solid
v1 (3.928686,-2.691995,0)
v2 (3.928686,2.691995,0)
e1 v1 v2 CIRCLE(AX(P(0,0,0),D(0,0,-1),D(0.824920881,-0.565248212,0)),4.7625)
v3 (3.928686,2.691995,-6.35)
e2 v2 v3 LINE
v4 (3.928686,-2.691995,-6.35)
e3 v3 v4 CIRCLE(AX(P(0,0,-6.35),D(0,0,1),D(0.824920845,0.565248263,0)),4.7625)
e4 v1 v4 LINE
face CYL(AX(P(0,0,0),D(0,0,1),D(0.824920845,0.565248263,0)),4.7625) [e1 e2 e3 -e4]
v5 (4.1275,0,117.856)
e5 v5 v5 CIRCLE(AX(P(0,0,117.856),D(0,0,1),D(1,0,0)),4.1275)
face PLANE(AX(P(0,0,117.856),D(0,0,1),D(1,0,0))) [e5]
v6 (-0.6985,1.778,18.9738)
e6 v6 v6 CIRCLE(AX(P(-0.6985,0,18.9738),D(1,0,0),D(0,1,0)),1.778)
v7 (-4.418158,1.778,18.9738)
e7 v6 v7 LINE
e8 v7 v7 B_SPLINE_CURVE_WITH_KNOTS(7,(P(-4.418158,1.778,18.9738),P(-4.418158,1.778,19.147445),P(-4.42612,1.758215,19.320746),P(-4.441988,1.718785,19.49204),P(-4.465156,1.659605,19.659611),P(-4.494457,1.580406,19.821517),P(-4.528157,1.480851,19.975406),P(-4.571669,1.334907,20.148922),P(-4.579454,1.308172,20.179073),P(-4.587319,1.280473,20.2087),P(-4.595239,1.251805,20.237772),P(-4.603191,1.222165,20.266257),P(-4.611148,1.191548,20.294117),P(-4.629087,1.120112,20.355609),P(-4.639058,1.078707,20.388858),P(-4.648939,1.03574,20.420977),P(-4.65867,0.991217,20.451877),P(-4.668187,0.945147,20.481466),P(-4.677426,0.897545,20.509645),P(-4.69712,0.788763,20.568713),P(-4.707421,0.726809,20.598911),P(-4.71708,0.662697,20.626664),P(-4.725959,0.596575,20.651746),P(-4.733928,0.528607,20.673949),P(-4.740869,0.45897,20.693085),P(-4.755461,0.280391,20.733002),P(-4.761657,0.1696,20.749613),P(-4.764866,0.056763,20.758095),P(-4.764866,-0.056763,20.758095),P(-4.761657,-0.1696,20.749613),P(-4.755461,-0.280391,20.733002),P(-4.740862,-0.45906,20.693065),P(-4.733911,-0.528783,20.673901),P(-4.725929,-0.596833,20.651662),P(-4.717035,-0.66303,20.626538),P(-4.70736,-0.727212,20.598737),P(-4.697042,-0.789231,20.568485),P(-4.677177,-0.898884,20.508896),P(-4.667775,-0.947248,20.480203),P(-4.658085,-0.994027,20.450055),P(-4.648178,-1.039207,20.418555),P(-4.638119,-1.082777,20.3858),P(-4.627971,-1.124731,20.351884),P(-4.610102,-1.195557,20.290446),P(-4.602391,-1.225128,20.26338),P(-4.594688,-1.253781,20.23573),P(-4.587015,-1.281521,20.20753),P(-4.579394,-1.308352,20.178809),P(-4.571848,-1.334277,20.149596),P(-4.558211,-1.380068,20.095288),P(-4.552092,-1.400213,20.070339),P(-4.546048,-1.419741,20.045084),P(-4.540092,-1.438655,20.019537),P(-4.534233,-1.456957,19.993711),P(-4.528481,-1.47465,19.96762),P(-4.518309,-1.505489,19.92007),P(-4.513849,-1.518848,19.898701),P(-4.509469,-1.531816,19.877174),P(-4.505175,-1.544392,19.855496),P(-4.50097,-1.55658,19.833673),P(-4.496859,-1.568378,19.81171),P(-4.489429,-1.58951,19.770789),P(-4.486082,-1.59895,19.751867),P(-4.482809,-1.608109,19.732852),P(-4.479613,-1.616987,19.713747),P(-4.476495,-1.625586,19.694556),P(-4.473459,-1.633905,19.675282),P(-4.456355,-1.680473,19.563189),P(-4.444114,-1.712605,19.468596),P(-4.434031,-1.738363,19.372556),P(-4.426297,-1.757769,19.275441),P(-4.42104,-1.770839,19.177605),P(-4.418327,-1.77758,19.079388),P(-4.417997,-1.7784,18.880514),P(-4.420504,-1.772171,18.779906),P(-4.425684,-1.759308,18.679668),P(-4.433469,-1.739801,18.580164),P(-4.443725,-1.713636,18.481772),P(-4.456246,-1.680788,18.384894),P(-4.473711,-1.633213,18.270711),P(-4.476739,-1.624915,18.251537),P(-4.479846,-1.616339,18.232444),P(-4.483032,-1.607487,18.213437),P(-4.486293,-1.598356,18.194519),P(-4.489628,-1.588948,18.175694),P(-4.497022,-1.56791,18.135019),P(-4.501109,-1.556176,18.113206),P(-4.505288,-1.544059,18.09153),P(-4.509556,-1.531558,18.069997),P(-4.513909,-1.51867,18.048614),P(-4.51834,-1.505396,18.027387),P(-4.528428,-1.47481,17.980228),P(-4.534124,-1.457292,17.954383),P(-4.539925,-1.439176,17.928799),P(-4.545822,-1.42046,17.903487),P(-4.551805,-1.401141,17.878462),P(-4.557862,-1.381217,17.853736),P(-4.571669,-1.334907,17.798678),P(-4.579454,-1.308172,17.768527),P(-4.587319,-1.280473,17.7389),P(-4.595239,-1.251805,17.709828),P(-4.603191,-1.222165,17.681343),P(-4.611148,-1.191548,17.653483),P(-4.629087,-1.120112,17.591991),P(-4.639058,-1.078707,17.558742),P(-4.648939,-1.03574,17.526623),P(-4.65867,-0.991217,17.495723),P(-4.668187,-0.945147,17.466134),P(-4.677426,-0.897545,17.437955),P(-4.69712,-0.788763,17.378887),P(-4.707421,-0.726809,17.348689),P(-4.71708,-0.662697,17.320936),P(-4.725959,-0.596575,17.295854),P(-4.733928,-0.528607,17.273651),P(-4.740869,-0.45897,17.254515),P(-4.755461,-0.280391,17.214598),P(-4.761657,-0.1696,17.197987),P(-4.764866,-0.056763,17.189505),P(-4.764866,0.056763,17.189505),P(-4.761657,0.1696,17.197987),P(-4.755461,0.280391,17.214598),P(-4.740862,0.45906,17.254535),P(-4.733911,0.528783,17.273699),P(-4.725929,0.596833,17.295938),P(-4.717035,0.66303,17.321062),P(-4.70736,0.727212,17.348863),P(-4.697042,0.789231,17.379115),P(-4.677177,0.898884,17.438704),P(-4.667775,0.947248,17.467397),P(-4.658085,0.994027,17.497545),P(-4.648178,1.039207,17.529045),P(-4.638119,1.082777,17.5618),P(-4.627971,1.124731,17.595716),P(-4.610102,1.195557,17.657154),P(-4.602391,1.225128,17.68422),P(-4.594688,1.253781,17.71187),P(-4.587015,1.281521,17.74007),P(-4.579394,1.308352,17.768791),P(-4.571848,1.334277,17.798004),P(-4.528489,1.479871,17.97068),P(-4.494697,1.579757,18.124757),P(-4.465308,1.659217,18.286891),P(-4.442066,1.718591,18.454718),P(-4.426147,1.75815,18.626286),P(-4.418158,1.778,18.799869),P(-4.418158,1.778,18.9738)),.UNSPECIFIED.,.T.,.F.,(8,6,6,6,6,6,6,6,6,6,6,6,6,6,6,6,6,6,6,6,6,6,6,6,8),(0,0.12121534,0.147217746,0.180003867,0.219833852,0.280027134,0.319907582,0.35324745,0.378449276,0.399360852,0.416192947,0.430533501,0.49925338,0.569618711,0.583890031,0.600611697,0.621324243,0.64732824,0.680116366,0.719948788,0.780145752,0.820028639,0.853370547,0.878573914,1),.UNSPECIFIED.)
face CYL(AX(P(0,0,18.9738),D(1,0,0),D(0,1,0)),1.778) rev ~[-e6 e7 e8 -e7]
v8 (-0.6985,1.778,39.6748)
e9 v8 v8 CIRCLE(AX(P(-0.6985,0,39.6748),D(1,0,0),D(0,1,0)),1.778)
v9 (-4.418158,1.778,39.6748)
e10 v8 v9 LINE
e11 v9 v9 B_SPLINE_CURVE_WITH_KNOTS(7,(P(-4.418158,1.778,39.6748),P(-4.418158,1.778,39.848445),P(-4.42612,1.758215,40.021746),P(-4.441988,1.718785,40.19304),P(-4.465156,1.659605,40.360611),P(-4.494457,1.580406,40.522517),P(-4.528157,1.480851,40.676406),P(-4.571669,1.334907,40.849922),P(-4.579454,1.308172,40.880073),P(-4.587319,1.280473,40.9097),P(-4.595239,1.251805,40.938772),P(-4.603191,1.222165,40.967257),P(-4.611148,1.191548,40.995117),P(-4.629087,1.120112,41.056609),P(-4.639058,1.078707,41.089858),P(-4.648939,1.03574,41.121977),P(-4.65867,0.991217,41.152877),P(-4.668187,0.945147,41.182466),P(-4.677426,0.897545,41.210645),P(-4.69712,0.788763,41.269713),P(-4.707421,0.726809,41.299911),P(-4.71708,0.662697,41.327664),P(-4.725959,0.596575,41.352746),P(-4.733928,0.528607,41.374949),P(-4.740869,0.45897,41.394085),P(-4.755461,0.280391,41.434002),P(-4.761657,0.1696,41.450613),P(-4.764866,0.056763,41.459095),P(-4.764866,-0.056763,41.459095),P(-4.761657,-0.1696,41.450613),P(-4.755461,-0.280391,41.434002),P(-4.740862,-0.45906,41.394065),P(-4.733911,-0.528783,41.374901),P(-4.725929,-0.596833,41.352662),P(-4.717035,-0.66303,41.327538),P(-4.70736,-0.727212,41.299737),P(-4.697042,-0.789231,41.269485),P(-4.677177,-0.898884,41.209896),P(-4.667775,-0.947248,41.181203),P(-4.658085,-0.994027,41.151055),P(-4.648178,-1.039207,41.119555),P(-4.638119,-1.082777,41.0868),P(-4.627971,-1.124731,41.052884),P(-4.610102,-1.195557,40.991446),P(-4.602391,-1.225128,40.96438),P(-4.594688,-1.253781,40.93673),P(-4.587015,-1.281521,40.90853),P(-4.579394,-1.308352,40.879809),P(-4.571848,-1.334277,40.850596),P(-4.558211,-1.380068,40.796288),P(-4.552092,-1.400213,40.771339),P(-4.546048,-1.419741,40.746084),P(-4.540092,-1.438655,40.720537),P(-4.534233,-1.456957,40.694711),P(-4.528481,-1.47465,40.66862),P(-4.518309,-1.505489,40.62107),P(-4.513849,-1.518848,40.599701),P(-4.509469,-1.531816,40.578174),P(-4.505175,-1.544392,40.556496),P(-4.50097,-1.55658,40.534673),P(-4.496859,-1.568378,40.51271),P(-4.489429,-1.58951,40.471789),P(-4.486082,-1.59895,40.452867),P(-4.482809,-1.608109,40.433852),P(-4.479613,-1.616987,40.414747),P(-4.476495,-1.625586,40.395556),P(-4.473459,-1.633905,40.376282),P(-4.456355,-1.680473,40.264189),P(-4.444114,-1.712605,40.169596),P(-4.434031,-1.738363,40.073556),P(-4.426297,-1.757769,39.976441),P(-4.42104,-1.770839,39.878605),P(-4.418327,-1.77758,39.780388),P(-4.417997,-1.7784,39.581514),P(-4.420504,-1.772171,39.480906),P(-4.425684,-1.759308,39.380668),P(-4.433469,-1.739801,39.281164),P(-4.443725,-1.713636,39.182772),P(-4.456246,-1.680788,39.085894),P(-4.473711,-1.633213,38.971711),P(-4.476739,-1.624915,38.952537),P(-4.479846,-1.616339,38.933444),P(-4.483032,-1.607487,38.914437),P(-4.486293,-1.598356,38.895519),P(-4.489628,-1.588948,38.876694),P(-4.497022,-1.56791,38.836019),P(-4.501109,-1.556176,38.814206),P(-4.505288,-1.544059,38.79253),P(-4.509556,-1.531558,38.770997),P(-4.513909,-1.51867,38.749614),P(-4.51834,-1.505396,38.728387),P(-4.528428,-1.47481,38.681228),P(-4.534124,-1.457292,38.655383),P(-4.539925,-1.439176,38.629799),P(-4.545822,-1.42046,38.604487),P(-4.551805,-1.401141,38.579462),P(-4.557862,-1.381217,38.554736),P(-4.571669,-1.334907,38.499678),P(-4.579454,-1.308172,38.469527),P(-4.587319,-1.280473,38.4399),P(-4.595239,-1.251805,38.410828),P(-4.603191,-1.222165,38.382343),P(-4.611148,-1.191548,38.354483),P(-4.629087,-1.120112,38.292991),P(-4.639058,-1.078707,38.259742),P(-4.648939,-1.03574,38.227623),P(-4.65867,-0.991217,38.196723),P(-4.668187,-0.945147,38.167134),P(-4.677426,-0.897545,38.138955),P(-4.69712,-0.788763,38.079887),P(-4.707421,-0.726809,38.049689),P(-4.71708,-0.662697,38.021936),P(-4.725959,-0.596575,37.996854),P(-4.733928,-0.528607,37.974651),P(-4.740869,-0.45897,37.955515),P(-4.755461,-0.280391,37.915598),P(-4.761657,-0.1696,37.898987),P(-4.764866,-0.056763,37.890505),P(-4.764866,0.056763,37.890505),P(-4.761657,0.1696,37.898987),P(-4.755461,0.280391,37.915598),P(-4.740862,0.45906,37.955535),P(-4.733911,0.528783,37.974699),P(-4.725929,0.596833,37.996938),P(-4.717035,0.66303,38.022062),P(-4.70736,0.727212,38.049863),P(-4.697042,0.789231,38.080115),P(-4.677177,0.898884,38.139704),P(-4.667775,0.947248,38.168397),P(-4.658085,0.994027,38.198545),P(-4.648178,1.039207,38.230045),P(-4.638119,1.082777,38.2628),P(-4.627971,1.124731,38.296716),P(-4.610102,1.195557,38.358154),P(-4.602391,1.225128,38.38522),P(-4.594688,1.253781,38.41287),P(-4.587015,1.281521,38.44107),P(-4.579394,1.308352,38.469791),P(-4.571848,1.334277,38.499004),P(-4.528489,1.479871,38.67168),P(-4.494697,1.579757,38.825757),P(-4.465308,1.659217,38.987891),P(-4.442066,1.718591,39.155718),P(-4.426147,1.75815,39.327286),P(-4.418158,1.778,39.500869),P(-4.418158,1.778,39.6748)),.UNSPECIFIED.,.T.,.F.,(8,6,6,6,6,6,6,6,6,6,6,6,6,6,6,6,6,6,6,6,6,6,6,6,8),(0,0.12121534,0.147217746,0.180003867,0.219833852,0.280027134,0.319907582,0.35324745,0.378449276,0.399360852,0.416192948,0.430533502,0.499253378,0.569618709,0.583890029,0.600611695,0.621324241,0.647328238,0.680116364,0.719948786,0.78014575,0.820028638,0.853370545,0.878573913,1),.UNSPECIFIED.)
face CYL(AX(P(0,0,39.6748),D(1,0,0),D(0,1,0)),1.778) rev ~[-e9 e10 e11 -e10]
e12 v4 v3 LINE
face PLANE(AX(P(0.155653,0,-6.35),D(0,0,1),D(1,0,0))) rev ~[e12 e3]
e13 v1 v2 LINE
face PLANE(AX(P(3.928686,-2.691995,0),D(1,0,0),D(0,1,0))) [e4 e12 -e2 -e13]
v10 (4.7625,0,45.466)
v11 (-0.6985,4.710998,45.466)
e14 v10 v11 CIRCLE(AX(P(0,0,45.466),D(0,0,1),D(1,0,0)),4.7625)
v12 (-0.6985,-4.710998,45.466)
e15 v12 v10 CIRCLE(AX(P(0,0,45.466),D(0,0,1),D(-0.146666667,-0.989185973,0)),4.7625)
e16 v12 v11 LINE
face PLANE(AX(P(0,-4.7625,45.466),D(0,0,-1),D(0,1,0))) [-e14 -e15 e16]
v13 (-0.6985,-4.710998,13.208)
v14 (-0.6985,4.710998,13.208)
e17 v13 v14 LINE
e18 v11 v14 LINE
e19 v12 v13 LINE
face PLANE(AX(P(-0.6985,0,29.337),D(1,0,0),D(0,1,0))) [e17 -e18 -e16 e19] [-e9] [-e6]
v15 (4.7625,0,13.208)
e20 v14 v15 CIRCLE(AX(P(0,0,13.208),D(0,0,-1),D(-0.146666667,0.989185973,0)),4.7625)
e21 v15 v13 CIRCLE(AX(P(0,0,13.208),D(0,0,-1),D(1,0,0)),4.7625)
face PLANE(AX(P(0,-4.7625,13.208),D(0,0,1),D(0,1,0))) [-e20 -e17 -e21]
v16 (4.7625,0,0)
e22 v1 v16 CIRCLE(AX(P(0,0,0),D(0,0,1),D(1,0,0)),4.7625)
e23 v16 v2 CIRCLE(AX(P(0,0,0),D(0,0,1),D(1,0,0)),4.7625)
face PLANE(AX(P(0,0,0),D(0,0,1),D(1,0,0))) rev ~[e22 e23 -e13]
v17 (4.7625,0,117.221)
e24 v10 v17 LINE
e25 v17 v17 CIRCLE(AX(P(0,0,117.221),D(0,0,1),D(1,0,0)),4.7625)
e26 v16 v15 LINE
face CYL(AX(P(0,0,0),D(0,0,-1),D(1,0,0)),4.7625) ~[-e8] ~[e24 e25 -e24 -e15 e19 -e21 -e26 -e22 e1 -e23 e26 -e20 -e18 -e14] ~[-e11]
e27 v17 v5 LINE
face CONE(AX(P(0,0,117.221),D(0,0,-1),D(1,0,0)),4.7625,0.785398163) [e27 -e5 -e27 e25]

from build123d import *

# Parameters (mm, degrees)
F0_R     = 4.7625
F1_DEPTH = 117.856
F2_W     = 9.525
F2_H     = 32.258
F3_DEPTH = 25.4
F4_DEPTH = 0.6985
F5_R     = 1.778
F6_DEPTH = 25.4
F8_DEPTH = 6.35
F9_SIZE  = 0.635


with BuildPart() as f1:
    # F0 (on Top) → F1 (new body)
    with BuildSketch(Plane.XY):
        Circle(F0_R)
    extrude(amount=F1_DEPTH)

    # F2 (on Right) → F3 (cut)
    with BuildSketch(Plane.YZ):
        with Locations((0, 29.337)):
            Rectangle(F2_W, F2_H)
    extrude(amount=F3_DEPTH, mode=Mode.SUBTRACT)

    # F2 (on Right) → F4 (cut)
    with BuildSketch(Plane.YZ):
        with Locations((0, 29.337)):
            Rectangle(F2_W, F2_H)
    extrude(amount=-F4_DEPTH, mode=Mode.SUBTRACT)

    # F5 (on face) → F6 (cut)
    with BuildSketch(Plane.YZ):
        with Locations((0, 39.6748)):
            Circle(F5_R)
        with Locations((0, 18.9738)):
            Circle(F5_R)
    extrude(amount=-F6_DEPTH, mode=Mode.SUBTRACT)

    # F7 (on face) → F8 (join)
    with BuildSketch(Plane.XY):
        with BuildLine():
            Line((3.928686, -2.691995), (3.928686, 2.691995))
            ThreePointArc((3.928686, 2.691995), (-4.7625, 0), (3.928686, -2.691995))
        make_face()
    extrude(amount=-F8_DEPTH)

    # F9
    f9_edges = [f1.edges().sort_by_distance(p)[0] for p in [
        (-4.7625, 0, 117.856),
    ]]
    chamfer(f9_edges, length=F9_SIZE)


solid = f1.part
